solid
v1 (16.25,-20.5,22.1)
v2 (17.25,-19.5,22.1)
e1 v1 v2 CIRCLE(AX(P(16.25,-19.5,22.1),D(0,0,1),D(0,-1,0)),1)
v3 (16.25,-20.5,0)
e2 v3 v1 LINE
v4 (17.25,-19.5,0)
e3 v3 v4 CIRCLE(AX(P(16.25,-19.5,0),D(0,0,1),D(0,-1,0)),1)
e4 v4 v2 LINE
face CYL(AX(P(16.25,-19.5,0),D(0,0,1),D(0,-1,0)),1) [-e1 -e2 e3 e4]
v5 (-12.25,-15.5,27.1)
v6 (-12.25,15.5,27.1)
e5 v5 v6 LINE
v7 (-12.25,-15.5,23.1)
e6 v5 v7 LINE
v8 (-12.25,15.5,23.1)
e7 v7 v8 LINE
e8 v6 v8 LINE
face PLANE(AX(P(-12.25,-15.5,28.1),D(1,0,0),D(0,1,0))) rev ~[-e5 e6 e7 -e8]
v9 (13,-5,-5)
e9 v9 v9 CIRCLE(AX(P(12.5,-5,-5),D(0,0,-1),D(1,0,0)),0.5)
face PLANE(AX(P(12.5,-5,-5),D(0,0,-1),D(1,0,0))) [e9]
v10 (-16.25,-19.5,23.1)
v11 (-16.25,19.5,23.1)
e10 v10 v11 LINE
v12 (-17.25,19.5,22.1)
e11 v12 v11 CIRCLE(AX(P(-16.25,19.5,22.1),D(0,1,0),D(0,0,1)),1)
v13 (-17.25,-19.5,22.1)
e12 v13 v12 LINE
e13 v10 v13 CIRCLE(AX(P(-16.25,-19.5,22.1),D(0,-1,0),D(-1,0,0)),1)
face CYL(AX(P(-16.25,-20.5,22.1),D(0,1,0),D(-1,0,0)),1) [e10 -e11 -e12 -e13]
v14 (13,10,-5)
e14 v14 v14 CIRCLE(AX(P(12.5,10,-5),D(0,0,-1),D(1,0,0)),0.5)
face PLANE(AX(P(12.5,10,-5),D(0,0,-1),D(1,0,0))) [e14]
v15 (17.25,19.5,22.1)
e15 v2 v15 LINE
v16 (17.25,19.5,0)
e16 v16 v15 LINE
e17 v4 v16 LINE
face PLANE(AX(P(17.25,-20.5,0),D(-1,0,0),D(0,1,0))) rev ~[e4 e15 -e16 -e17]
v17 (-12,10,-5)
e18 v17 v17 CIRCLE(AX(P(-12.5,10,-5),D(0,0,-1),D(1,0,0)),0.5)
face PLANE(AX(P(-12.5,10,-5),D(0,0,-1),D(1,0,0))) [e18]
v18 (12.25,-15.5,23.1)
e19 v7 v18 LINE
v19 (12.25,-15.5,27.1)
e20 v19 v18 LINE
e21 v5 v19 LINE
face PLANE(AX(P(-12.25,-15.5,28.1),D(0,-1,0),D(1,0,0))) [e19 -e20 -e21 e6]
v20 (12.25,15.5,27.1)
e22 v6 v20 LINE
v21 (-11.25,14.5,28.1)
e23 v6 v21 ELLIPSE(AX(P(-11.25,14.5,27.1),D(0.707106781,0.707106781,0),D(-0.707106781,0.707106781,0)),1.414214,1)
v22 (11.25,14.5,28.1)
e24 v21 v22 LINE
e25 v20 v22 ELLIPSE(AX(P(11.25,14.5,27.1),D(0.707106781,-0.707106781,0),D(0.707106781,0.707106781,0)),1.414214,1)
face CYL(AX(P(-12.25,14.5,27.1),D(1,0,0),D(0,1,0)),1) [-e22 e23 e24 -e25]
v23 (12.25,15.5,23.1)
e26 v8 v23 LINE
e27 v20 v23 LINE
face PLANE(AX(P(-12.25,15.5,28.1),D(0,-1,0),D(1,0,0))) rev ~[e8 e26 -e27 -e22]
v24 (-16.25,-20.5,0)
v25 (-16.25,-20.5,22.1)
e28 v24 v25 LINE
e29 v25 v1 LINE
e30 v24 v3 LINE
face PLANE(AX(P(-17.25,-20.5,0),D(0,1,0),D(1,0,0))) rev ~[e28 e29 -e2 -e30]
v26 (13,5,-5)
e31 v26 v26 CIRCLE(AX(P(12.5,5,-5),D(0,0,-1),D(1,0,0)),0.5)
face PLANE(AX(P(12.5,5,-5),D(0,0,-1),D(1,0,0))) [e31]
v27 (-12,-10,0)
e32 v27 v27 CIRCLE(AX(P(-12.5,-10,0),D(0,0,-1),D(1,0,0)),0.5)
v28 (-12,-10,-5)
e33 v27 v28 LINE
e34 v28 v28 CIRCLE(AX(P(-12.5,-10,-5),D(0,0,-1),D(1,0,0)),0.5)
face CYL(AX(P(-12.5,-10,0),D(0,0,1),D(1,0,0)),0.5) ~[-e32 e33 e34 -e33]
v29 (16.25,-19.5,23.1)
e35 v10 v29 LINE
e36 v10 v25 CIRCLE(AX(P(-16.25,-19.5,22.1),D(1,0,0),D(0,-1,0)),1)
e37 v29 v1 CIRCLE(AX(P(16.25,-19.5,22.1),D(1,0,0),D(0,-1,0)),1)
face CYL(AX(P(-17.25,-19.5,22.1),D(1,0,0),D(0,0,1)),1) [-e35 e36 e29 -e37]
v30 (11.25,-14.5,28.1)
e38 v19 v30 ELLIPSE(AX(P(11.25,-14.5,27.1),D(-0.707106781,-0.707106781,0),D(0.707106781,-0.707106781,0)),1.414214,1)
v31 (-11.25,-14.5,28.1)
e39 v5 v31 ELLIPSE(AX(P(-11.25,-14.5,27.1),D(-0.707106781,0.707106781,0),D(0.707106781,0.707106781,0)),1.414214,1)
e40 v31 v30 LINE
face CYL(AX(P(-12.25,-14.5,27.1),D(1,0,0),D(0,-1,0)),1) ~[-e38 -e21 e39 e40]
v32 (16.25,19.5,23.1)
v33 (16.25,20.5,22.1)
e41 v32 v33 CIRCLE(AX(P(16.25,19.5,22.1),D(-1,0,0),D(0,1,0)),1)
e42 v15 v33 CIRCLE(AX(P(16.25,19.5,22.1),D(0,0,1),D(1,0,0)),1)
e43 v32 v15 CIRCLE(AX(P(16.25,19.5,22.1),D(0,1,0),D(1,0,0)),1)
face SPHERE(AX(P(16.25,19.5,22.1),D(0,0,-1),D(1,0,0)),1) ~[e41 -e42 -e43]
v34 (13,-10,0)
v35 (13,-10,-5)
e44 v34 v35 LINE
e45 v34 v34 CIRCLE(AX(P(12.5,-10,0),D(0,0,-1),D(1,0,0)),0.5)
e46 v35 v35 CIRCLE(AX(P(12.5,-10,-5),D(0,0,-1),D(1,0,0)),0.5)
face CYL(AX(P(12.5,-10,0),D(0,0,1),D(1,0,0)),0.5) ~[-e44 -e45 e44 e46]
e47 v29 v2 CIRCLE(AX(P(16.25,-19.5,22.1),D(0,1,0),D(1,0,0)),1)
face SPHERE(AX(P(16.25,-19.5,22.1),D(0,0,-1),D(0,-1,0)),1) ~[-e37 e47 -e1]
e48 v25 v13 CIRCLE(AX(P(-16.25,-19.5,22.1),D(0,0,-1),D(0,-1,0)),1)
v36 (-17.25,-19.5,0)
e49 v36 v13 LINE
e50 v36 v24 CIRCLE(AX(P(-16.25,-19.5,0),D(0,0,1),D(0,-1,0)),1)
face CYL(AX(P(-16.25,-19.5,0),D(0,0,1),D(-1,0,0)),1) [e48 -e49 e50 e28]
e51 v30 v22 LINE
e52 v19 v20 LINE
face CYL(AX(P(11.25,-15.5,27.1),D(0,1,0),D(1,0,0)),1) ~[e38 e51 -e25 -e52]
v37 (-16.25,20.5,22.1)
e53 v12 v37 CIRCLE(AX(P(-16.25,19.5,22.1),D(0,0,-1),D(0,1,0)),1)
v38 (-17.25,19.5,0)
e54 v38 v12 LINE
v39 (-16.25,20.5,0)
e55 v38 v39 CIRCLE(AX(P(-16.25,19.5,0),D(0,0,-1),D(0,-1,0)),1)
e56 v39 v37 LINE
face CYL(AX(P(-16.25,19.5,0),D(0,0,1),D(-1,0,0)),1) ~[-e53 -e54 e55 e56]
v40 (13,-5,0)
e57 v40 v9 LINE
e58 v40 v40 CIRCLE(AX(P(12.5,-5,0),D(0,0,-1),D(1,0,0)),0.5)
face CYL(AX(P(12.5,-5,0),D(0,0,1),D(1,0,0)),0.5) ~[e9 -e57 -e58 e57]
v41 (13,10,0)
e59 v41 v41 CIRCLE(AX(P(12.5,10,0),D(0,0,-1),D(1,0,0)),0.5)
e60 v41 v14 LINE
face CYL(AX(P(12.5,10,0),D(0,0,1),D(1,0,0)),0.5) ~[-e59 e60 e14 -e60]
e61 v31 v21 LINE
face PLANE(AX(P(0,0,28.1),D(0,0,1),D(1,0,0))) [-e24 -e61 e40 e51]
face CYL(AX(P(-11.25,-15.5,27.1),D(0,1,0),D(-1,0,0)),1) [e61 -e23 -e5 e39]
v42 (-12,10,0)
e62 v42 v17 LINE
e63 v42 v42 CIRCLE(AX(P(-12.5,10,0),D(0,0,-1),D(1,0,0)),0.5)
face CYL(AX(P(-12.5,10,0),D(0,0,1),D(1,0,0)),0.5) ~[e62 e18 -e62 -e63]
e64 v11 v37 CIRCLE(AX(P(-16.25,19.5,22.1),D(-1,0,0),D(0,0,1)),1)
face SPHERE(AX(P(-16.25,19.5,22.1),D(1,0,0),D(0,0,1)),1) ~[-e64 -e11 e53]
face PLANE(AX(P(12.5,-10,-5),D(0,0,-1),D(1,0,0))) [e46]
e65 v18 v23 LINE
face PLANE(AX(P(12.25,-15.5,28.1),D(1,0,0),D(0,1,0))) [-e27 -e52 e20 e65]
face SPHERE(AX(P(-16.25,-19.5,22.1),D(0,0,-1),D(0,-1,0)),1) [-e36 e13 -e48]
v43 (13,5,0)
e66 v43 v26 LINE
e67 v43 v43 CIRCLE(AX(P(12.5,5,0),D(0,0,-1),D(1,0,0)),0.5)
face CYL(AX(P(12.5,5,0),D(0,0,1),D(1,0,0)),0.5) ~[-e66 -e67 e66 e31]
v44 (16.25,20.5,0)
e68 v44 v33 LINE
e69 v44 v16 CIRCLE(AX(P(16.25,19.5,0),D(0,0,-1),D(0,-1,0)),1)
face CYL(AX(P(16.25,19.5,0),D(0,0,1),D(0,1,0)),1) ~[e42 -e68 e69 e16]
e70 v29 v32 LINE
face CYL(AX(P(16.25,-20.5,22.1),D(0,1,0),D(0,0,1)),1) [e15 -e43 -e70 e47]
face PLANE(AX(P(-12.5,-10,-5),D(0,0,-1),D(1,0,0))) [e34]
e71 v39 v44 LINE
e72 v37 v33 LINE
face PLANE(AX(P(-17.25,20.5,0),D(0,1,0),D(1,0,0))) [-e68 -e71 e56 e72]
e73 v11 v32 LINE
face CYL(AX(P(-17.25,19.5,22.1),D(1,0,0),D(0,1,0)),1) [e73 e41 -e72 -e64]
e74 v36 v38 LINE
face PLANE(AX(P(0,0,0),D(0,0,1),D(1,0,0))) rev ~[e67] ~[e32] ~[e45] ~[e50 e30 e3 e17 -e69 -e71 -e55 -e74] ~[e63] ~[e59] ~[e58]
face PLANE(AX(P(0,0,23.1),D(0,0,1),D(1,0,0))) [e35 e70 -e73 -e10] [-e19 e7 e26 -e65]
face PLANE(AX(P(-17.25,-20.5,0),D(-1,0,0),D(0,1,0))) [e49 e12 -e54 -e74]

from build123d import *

# Parameters (mm, degrees)
F0_W     = 34.5
F0_H     = 41
F1_DEPTH = 28.1
F2_R     = 0.5
F3_DEPTH = 5
F4_W     = 34.5
F4_H     = 41
F4_W_2   = 24.5
F4_H_2   = 31
F5_DEPTH = 5
F6_R     = 1


with BuildPart() as f1:
    # F0 (on Top) → F1 (new body)
    with BuildSketch(Plane.XY):
        Rectangle(F0_W, F0_H)
    extrude(amount=F1_DEPTH)

    # F2 (on face) → F3 (join)
    with BuildSketch(Plane(origin=(0, 0, 0), x_dir=(1, 0, 0), z_dir=(0, 0, -1))):
        with Locations((-12.5, 10)):
            Circle(F2_R)
        with Locations((-12.5, -10)):
            Circle(F2_R)
        with Locations((12.5, 10)):
            Circle(F2_R)
        with Locations((12.5, -10)):
            Circle(F2_R)
        with Locations((12.5, -5)):
            Circle(F2_R)
        with Locations((12.5, 5)):
            Circle(F2_R)
    extrude(amount=F3_DEPTH)

    # F4 (on face) → F5 (cut)
    with BuildSketch(Plane.XY.offset(28.1)):
        Rectangle(F4_W, F4_H)
        Rectangle(F4_W_2, F4_H_2, mode=Mode.SUBTRACT)
    extrude(amount=-F5_DEPTH, mode=Mode.SUBTRACT)

    # F6
    f6_edges = [f1.edges().sort_by_distance(p)[0] for p in [
        (-12.25, 0, 28.1),
        (0, -15.5, 28.1),
        (12.25, 0, 28.1),
        (0, 15.5, 28.1),
        (17.25, -20.5, 11.55),
        (17.25, 20.5, 11.55),
        (-17.25, -20.5, 11.55),
        (0, -20.5, 23.1),
        (17.25, 0, 23.1),
        (0, 20.5, 23.1),
        (-17.25, 0, 23.1),
        (-17.25, 20.5, 11.55),
    ]]
    fillet(f6_edges, radius=F6_R)


solid = f1.part
